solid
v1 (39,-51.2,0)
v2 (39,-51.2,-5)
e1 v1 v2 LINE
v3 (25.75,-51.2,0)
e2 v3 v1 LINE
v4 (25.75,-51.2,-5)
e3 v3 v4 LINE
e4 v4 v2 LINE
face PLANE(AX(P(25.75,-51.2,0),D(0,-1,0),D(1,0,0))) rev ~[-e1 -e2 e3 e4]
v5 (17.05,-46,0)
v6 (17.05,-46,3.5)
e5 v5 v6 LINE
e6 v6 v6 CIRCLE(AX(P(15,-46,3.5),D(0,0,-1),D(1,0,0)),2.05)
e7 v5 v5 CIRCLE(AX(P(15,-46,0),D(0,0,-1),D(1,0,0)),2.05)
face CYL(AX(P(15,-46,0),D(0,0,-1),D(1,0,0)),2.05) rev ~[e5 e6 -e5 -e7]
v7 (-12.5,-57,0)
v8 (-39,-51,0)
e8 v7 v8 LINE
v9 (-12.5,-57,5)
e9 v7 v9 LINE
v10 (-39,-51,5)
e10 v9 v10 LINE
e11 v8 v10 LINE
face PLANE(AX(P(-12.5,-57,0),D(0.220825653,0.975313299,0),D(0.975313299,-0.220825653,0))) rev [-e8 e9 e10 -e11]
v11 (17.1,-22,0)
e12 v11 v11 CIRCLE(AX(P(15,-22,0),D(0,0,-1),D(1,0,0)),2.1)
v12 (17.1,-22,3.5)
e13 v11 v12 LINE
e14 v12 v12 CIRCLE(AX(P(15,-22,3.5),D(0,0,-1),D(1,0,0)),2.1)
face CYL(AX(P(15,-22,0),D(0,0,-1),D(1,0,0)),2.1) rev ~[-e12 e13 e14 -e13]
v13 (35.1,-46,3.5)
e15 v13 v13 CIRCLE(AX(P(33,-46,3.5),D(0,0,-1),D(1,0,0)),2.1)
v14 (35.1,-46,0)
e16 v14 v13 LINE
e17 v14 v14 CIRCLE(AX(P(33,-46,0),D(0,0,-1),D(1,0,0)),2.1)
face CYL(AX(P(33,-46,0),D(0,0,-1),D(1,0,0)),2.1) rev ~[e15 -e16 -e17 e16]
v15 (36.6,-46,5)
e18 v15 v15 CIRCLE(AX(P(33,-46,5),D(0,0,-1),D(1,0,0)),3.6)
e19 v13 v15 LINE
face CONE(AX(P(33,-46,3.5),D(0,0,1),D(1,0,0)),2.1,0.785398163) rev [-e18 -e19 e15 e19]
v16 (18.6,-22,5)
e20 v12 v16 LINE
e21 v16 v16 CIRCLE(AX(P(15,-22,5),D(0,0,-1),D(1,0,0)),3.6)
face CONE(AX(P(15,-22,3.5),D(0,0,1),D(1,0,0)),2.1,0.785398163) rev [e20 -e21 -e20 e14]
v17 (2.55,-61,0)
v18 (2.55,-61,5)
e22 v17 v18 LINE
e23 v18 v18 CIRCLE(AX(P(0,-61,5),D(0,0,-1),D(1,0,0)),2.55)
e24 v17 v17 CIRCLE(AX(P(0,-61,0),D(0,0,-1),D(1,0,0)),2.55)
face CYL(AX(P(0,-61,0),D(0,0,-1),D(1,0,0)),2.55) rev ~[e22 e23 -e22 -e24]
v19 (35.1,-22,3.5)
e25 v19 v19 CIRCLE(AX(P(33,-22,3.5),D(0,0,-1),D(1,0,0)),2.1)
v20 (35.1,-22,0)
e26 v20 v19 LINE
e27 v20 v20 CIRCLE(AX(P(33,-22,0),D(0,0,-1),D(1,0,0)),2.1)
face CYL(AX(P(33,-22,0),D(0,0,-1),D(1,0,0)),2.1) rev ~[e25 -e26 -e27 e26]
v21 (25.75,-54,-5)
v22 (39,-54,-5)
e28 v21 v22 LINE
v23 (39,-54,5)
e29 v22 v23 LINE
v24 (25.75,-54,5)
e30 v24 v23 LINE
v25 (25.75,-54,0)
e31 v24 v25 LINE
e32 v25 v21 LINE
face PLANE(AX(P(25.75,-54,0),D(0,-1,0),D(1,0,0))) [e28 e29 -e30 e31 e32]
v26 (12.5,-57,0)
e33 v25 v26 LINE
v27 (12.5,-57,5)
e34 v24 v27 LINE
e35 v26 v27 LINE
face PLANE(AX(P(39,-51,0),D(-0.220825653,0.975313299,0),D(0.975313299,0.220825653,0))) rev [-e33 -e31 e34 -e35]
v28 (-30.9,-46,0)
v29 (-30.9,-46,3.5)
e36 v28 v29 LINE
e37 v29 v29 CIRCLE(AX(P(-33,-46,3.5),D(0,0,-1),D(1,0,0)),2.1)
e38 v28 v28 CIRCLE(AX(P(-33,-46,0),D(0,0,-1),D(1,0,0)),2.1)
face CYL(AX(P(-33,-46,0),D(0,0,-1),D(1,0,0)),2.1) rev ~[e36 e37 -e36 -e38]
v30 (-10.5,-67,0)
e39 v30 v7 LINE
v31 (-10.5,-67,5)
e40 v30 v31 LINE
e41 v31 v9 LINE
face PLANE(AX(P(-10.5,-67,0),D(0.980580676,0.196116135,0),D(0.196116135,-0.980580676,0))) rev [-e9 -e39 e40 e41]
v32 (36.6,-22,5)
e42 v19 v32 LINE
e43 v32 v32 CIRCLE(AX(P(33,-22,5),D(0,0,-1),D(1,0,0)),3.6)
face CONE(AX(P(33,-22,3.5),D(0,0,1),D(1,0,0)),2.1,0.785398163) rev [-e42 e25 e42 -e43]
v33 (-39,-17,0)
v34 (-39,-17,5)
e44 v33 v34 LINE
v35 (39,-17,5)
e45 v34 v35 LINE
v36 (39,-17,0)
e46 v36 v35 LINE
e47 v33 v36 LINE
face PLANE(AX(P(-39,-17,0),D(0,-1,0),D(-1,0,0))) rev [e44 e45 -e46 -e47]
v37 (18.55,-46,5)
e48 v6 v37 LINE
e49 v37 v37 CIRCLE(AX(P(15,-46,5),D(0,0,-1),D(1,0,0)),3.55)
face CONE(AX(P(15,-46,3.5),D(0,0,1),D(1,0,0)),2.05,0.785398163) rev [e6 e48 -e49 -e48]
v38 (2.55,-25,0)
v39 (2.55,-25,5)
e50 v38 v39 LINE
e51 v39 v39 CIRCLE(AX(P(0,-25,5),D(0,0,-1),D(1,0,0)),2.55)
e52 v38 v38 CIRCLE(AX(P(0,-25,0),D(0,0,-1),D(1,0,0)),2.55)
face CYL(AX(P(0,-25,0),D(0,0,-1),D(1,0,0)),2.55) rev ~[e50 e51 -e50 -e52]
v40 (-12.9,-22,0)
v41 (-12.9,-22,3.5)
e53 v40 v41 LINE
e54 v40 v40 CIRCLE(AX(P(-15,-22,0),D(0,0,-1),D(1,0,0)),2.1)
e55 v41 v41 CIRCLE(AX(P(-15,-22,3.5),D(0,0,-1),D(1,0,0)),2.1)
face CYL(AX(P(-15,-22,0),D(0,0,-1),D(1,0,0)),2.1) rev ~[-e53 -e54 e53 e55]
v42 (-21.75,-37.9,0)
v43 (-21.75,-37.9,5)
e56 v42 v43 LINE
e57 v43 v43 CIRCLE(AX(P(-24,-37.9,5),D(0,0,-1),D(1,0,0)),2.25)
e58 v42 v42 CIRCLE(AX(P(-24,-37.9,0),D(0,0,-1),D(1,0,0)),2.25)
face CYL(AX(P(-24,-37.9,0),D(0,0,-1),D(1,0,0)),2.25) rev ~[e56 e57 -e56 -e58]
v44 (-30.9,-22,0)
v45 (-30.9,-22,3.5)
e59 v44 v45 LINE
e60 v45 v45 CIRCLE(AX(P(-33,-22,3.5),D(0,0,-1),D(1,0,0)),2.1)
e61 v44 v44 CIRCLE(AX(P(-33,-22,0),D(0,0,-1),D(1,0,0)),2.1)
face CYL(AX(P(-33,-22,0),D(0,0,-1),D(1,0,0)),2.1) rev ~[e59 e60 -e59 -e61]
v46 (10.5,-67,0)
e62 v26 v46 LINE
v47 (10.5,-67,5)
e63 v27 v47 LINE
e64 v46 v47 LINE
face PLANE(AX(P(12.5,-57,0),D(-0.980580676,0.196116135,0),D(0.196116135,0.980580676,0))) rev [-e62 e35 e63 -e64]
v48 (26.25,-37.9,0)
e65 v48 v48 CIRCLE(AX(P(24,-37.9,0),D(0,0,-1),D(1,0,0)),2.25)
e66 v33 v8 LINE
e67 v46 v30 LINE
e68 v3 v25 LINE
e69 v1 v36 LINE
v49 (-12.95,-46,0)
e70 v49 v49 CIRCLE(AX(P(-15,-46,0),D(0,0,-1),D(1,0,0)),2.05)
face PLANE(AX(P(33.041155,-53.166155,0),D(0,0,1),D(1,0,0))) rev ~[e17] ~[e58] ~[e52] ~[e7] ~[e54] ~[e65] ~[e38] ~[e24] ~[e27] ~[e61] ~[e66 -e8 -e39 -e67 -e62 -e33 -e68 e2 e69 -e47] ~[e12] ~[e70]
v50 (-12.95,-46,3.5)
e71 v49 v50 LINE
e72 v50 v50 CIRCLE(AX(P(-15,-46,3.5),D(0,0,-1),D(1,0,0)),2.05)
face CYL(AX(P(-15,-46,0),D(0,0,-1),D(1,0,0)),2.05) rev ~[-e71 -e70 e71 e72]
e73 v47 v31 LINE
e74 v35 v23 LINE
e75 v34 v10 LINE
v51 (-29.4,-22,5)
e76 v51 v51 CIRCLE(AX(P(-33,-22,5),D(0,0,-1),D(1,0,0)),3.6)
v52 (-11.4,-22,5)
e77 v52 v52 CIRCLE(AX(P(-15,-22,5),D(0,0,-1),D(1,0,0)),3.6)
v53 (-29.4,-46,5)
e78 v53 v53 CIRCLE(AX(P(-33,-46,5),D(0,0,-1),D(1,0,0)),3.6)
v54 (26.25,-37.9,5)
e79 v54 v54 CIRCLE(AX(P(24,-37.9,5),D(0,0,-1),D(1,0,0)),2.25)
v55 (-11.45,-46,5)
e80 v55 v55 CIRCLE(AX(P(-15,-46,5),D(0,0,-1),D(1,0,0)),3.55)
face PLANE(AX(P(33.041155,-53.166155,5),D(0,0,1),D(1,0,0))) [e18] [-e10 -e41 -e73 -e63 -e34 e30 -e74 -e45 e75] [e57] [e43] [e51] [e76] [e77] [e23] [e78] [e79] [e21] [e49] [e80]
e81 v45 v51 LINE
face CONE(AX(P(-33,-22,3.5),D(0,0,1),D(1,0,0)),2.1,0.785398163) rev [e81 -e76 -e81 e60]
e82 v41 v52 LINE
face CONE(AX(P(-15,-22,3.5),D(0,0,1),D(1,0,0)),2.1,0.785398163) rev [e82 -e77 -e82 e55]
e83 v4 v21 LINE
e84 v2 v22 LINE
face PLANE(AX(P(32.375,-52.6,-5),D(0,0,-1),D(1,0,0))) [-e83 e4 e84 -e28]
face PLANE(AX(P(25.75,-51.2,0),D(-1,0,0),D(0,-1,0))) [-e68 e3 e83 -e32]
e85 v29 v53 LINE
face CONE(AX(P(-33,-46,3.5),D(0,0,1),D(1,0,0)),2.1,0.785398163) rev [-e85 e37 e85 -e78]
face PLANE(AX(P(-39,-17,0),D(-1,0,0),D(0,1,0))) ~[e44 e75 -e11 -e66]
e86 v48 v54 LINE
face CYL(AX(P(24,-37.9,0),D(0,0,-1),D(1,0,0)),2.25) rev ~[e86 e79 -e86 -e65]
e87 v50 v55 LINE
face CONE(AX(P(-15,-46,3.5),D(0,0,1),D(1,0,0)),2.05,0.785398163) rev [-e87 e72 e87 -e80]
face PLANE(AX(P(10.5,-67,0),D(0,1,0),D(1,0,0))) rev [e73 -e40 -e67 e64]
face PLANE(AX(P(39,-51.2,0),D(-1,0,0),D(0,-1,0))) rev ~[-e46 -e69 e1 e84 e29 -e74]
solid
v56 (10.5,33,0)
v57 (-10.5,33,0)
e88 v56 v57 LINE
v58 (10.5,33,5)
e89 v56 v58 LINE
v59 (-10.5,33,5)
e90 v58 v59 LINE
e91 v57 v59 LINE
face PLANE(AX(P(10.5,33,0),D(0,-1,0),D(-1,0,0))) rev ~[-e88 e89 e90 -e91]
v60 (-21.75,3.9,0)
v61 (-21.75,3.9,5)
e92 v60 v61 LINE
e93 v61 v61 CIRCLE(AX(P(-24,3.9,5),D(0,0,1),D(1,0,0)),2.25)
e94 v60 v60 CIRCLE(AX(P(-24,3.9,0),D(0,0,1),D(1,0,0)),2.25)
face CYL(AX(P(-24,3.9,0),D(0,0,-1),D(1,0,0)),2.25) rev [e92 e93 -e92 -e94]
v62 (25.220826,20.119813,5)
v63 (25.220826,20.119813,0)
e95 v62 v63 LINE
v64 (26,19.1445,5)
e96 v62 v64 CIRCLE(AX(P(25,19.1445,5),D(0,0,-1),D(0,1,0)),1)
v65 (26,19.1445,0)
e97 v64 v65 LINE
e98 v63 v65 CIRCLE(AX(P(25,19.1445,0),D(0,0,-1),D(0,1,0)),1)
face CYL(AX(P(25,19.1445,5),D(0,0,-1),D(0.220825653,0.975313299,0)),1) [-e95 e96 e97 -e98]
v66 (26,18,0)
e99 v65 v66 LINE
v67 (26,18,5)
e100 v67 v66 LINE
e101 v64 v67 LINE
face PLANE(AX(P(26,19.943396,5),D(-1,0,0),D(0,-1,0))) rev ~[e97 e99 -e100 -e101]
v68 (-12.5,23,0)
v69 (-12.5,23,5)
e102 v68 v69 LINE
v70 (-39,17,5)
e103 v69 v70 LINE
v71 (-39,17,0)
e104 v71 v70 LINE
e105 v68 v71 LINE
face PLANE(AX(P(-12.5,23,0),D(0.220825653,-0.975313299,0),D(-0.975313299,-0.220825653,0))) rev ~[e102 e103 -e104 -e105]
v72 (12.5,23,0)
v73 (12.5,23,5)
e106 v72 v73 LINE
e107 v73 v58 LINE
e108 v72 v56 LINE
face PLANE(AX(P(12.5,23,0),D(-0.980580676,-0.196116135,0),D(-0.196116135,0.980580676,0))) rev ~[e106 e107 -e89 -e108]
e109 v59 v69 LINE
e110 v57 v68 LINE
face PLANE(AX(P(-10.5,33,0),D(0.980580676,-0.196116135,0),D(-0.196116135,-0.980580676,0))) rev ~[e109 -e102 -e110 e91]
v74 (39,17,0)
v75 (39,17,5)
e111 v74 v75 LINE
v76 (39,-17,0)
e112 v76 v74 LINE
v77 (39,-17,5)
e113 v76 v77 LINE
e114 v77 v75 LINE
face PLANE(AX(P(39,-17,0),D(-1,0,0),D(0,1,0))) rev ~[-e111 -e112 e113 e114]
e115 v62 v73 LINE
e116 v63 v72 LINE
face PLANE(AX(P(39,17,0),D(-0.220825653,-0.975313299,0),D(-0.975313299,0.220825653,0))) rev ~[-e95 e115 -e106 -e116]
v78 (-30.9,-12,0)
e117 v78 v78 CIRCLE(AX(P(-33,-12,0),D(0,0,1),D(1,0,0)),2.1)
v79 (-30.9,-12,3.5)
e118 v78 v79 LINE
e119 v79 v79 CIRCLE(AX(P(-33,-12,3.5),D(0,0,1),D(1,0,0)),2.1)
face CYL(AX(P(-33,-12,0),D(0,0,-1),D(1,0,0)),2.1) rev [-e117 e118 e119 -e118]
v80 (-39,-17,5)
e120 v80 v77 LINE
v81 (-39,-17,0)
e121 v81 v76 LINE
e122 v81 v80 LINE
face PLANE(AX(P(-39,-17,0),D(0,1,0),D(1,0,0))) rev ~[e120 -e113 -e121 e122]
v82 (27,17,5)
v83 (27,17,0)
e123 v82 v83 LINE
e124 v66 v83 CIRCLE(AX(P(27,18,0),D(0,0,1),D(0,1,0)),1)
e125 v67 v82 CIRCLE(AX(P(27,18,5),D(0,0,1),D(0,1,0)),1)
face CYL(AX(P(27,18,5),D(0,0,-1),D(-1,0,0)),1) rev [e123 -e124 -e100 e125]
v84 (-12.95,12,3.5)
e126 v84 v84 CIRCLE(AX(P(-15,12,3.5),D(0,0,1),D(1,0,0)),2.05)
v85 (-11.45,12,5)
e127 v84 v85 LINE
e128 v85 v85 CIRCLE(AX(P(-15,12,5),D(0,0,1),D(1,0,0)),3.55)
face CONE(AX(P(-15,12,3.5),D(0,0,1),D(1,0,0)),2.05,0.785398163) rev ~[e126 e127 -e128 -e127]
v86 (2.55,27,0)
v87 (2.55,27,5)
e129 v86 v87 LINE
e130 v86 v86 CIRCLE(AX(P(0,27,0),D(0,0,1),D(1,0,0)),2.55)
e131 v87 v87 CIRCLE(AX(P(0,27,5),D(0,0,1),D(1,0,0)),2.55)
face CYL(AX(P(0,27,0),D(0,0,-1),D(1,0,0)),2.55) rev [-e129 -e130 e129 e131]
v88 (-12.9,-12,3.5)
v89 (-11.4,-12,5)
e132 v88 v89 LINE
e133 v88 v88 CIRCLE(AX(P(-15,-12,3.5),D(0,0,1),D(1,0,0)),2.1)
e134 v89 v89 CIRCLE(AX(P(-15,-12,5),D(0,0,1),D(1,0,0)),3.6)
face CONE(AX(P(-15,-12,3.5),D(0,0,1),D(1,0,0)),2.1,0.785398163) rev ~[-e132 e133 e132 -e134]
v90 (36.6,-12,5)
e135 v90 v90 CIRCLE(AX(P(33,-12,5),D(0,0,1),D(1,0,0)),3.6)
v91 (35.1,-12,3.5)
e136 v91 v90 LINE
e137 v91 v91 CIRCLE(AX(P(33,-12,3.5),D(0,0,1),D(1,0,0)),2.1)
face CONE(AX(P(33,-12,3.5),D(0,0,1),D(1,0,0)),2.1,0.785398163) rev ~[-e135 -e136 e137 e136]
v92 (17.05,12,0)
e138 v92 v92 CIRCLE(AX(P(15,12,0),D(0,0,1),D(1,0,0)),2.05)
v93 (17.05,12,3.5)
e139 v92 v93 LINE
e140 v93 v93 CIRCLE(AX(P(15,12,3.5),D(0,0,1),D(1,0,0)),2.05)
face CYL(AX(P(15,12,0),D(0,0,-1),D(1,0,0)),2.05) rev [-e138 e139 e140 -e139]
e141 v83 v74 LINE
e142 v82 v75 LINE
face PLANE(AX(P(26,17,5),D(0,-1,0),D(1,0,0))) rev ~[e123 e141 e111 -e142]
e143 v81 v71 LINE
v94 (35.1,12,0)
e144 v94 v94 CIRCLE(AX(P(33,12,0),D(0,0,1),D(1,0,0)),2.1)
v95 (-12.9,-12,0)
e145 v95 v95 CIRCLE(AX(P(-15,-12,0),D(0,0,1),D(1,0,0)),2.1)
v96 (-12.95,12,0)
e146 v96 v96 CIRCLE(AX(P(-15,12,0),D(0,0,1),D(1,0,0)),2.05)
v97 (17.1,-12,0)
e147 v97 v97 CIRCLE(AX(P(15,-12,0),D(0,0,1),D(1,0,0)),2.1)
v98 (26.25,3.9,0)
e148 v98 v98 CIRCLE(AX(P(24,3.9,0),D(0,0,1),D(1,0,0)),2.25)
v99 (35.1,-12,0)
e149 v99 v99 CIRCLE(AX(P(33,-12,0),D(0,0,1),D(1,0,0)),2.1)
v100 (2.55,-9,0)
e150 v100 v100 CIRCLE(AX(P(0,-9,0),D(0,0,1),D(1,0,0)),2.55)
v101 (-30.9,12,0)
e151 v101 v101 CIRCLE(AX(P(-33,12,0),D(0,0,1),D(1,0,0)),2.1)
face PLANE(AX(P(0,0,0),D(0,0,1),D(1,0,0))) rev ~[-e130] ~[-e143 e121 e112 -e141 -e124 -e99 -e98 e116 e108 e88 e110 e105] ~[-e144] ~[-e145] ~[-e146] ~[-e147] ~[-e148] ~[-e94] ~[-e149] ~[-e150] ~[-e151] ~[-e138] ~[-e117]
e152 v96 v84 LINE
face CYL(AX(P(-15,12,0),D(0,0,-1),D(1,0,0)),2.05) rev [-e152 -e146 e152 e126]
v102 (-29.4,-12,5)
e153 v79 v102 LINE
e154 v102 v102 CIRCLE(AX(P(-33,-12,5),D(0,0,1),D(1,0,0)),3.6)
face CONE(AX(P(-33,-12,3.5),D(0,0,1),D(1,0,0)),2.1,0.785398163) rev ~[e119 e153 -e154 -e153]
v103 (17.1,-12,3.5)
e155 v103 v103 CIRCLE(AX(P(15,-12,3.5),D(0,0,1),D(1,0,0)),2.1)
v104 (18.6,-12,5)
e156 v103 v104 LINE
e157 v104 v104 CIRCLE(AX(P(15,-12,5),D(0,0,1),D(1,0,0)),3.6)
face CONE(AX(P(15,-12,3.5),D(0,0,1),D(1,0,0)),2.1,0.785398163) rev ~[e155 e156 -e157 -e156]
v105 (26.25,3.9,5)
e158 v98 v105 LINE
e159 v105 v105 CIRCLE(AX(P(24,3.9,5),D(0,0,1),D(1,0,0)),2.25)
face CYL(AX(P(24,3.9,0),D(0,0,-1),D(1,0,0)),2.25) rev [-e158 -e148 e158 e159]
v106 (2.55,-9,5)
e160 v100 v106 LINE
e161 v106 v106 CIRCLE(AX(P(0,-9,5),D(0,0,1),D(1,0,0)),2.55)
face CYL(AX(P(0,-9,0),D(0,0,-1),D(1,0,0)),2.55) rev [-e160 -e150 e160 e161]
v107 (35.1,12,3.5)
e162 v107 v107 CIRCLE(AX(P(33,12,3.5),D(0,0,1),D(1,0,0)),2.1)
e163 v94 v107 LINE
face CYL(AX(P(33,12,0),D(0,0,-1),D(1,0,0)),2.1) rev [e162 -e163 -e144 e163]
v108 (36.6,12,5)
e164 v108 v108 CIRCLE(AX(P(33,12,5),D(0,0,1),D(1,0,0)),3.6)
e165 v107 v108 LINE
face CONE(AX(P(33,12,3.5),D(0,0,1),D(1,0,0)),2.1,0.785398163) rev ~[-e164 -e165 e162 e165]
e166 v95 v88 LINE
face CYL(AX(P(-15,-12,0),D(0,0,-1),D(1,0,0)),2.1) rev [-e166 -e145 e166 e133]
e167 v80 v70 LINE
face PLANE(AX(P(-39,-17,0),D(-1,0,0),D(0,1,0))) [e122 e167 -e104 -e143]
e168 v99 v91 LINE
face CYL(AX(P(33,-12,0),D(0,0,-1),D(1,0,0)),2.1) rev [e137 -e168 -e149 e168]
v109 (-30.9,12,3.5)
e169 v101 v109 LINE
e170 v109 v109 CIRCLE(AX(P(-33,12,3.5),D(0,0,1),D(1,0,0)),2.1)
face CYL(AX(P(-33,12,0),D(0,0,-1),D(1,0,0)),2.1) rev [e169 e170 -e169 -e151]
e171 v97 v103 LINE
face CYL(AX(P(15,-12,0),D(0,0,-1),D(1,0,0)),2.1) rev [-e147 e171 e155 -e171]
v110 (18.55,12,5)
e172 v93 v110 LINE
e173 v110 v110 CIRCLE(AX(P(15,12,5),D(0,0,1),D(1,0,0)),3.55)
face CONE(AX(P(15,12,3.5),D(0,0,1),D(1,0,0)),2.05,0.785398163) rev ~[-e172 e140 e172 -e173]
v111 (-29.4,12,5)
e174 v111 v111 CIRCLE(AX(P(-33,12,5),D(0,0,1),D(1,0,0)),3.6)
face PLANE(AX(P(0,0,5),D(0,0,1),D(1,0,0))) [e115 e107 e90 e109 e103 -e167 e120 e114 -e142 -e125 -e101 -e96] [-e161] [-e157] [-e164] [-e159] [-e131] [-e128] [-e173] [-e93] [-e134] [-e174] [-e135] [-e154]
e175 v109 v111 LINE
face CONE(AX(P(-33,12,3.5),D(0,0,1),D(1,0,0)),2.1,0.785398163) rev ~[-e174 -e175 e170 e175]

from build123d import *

# Parameters (mm, degrees)
F0_W     = 78
F0_H     = 34
F0_R     = 2.1
F0_R_2   = 2.25
F0_R_3   = 2.55
F0_R_4   = 2.05
F1_DEPTH = 5
F2_SIZE  = 1.5
F5_DEPTH = 5
F6_W     = 13.25
F6_H     = 2.8
F7_DEPTH = 5
F9_DEPTH = 5
F10_R    = 1


with BuildPart() as f1:
    # F0 (on Top) → F1 (new body)
    with BuildSketch(Plane.XY):
        Rectangle(F0_W, F0_H)
        with Locations((-33, -12)):
            Circle(F0_R, mode=Mode.SUBTRACT)
        with Locations((-15, -12)):
            Circle(F0_R, mode=Mode.SUBTRACT)
        with Locations((-24, 3.9)):
            Circle(F0_R_2, mode=Mode.SUBTRACT)
        with Locations((15, -12)):
            Circle(F0_R, mode=Mode.SUBTRACT)
        with Locations((0, -9)):
            Circle(F0_R_3, mode=Mode.SUBTRACT)
        with Locations((33, -12)):
            Circle(F0_R, mode=Mode.SUBTRACT)
        with Locations((24, 3.9)):
            Circle(F0_R_2, mode=Mode.SUBTRACT)
        with Locations((-33, 12)):
            Circle(F0_R, mode=Mode.SUBTRACT)
        with Locations((-15, 12)):
            Circle(F0_R_4, mode=Mode.SUBTRACT)
        with Locations((15, 12)):
            Circle(F0_R_4, mode=Mode.SUBTRACT)
        with Locations((33, 12)):
            Circle(F0_R, mode=Mode.SUBTRACT)
        Polygon((-39, 17), (39, 17), (12.5, 23), (10.5, 33), (-10.5, 33), (-12.5, 23), align=None)
        with Locations((0, 27)):
            Circle(F0_R_3, mode=Mode.SUBTRACT)
    extrude(amount=F1_DEPTH)

    # F2
    f2_edges = [f1.edges().sort_by_distance(p)[0] for p in [
        (-35.1, -12, 5),
        (-35.1, 12, 5),
        (-17.1, -12, 5),
        (-17.05, 12, 5),
        (12.9, -12, 5),
        (30.9, -12, 5),
        (12.95, 12, 5),
        (30.9, 12, 5),
    ]]
    chamfer(f2_edges, length=F2_SIZE)


with BuildPart() as f3_1:
    # F3: instance of F1
    add(f1.part.mirror(Plane(origin=(0, -17, 2.5), x_dir=(1, 0, 0), z_dir=(0, -1, 0))))

    # F4 (on face) → F5 (join, through all)
    with BuildSketch(Plane.XY.offset(5)):
        Polygon((39, -51), (25.75, -54), (39, -54), align=None)
    extrude(amount=-F5_DEPTH)

    # F6 (on face) → F7 (join)
    with BuildSketch(Plane(origin=(0, 0, 0), x_dir=(1, 0, 0), z_dir=(0, 0, -1))):
        with Locations((32.375, 52.6)):
            Rectangle(F6_W, F6_H)
    extrude(amount=F7_DEPTH)


with BuildPart() as f1_1:
    add(f1.part)

    # F8 (on face) → F9 (cut, through all)
    with BuildSketch(Plane.XY.offset(5)):
        Polygon((26, 17), (39, 17), (26, 19.9433962264), align=None)
    extrude(amount=-F9_DEPTH, mode=Mode.SUBTRACT)

    # F10
    f10_edges = [f1_1.edges().sort_by_distance(p)[0] for p in [
        (26, 19.943396, 2.5),
        (26, 17, 2.5),
    ]]
    fillet(f10_edges, radius=F10_R)


solid = Compound([f3_1.part, f1_1.part])
